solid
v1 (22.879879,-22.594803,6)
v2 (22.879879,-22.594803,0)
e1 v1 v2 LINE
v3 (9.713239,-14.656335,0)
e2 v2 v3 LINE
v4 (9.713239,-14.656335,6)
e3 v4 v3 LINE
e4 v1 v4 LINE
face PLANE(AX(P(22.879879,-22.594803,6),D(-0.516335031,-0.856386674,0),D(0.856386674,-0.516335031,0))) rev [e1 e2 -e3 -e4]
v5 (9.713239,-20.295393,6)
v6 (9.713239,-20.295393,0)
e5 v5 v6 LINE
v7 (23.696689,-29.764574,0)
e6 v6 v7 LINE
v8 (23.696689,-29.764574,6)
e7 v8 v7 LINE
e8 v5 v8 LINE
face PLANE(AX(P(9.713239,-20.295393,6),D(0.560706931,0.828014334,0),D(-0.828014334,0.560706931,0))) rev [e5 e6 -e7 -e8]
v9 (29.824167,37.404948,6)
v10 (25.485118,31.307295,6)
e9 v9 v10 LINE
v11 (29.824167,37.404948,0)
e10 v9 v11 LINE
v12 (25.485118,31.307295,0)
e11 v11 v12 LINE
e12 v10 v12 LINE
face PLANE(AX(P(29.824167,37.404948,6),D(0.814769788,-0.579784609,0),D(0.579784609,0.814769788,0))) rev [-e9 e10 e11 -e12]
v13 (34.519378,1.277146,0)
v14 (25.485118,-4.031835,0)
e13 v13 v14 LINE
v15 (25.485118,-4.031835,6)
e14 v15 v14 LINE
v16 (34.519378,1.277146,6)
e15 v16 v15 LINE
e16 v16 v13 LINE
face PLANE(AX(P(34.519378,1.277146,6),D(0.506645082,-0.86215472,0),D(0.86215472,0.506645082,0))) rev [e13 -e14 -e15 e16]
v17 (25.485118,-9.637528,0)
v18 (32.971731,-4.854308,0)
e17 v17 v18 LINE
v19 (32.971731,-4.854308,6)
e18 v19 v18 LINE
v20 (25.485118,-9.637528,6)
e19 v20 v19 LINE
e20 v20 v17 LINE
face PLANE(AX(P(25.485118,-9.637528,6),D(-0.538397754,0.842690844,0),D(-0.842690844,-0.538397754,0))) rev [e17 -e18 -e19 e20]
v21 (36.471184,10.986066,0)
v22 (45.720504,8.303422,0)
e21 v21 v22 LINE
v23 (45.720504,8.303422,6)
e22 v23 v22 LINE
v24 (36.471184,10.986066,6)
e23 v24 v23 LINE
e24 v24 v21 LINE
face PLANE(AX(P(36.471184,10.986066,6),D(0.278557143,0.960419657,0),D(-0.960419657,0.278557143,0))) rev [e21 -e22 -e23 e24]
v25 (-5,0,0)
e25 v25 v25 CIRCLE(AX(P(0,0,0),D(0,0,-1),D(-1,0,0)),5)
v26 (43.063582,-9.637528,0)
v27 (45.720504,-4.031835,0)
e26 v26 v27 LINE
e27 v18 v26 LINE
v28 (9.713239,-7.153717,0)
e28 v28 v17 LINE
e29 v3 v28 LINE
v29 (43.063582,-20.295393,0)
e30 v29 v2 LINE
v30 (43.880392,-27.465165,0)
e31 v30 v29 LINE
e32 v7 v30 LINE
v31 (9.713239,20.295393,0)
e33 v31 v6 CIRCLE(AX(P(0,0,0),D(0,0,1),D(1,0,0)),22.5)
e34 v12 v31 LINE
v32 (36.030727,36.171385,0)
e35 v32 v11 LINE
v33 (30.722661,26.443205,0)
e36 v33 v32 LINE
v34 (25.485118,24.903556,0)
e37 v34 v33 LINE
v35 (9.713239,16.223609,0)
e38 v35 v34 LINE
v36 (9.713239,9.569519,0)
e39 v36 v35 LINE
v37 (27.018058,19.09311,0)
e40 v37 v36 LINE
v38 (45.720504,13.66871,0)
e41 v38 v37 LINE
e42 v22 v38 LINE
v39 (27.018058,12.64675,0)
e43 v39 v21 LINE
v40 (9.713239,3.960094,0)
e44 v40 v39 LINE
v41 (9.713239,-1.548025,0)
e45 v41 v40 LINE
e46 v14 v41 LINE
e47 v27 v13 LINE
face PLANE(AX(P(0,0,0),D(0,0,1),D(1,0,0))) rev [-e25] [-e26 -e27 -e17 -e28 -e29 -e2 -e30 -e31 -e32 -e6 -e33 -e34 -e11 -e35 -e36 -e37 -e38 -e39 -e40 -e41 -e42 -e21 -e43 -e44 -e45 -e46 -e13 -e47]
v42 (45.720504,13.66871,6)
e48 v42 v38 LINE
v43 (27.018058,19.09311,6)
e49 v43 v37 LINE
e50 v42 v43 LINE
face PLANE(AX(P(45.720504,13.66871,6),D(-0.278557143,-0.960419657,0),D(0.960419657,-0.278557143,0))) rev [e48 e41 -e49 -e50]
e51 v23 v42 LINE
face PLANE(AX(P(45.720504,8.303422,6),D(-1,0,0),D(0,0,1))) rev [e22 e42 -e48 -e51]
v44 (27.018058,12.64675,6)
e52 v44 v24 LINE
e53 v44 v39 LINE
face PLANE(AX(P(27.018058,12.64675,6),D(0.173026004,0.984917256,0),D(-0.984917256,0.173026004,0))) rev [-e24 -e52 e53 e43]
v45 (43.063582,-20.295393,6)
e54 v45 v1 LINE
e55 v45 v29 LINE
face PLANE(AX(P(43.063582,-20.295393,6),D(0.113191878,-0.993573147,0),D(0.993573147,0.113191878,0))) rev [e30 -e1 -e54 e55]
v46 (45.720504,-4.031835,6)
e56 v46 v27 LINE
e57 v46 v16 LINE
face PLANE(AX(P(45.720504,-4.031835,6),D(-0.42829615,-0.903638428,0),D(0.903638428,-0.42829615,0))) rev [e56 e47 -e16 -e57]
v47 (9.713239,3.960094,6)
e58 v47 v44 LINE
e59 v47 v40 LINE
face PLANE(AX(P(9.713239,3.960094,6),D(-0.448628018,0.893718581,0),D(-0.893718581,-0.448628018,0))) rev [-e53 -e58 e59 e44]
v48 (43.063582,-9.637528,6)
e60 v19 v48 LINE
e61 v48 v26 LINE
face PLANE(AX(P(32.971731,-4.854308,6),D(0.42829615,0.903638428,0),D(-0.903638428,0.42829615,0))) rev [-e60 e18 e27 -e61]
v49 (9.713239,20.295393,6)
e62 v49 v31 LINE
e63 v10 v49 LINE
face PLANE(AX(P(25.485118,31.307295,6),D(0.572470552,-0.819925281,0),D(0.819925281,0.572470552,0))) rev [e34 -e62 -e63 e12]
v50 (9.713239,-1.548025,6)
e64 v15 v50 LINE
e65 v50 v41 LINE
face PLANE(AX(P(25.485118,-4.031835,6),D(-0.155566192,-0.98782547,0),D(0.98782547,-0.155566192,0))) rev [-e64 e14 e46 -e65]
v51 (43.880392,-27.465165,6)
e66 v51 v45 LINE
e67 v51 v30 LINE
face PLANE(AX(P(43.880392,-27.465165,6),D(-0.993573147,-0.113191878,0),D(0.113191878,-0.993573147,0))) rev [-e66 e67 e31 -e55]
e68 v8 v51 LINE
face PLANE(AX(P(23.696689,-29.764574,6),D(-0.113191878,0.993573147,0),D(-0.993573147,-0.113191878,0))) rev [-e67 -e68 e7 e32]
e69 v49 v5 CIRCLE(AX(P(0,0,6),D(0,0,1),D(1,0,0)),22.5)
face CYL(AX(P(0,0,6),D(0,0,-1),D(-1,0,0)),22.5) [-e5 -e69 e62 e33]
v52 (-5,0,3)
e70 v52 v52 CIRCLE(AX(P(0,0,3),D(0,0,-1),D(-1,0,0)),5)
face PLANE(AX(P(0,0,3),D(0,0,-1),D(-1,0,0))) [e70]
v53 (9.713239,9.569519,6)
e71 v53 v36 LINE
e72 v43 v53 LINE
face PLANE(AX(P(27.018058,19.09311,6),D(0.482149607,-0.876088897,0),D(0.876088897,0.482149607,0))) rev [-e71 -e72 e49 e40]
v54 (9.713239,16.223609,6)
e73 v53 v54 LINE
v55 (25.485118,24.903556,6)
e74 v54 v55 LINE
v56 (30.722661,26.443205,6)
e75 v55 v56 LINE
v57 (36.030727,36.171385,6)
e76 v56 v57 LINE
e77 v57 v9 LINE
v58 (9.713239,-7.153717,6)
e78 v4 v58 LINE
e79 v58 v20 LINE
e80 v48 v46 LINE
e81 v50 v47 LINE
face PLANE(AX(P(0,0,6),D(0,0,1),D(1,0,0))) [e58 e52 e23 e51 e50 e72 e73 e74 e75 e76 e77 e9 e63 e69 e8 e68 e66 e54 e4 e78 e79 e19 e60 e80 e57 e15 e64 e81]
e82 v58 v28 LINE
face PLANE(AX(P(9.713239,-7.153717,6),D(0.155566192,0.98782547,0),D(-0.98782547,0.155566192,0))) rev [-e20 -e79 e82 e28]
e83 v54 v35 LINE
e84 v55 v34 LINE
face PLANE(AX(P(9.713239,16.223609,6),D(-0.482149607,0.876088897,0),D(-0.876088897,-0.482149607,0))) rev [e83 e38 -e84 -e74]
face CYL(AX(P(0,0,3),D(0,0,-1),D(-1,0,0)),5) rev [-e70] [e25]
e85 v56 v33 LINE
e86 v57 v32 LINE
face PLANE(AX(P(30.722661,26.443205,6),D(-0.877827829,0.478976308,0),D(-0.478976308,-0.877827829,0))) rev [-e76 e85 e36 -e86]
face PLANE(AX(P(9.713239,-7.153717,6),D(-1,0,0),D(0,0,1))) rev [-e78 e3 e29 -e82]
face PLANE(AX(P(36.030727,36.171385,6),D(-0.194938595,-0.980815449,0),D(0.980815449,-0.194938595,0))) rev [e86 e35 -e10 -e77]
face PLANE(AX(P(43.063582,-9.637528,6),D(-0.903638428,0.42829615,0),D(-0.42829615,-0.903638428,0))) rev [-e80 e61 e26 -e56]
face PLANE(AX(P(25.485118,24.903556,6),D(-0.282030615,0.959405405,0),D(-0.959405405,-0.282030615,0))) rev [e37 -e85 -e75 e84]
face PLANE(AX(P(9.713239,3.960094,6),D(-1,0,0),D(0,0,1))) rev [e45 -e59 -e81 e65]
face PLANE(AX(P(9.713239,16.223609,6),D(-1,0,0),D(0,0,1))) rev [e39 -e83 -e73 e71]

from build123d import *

# Parameters (mm, degrees)
BOSS_EXTRUDE1_DEPTH = 6
SKETCH2_R           = 5
CUT_EXTRUDE1_DEPTH  = 3


with BuildPart() as part:
    # Sketch1 → Boss-Extrude1 (new body)
    with BuildSketch(Plane(origin=(0, 0, 0), x_dir=(0, 1, 0), z_dir=(0, 0, 1))):
        with BuildLine():
            Line((16.223609114, -9.713238737), (9.569519391, -9.713238737))
            Line((9.569519391, -9.713238737), (19.093109625, -27.018057697))
            Line((19.093109625, -27.018057697), (13.668710041, -45.720503906))
            Line((13.668710041, -45.720503906), (8.303421987, -45.720503906))
            Line((8.303421987, -45.720503906), (10.986066014, -36.471184268))
            Line((10.986066014, -36.471184268), (12.646750412, -27.018057697))
            Line((12.646750412, -27.018057697), (3.960093563, -9.713238737))
            Line((3.960093563, -9.713238737), (-1.54802471, -9.713238737))
            Line((-1.54802471, -9.713238737), (-4.031835178, -25.485118253))
            Line((-4.031835178, -25.485118253), (1.277145856, -34.519377583))
            Line((1.277145856, -34.519377583), (-4.031835178, -45.720503906))
            Line((-4.031835178, -45.720503906), (-9.637527873, -43.063582152))
            Line((-9.637527873, -43.063582152), (-4.854308239, -32.971730814))
            Line((-4.854308239, -32.971730814), (-9.637527873, -25.485118253))
            Line((-9.637527873, -25.485118253), (-7.153717404, -9.713238737))
            Line((-7.153717404, -9.713238737), (-14.656334984, -9.713238737))
            Line((-14.656334984, -9.713238737), (-22.594802565, -22.879879476))
            Line((-22.594802565, -22.879879476), (-20.295393399, -43.063582152))
            Line((-20.295393399, -43.063582152), (-27.465165035, -43.880391579))
            Line((-27.465165035, -43.880391579), (-29.764574201, -23.696688902))
            Line((-29.764574201, -23.696688902), (-20.295393399, -9.713238737))
            ThreePointArc((-20.295393399, -9.713238737), (0, 22.5), (20.295393399, -9.713238737))
            Line((20.295393399, -9.713238737), (31.307295072, -25.485118253))
            Line((31.307295072, -25.485118253), (37.404948205, -29.824166519))
            Line((37.404948205, -29.824166519), (36.171384738, -36.030726629))
            Line((36.171384738, -36.030726629), (26.443205406, -30.722661353))
            Line((26.443205406, -30.722661353), (24.903556479, -25.485118253))
            Line((24.903556479, -25.485118253), (16.223609114, -9.713238737))
        make_face()
    extrude(amount=BOSS_EXTRUDE1_DEPTH)

    # Sketch2 → Cut-Extrude1 (cut)
    with BuildSketch(Plane(origin=(0, 0, 0), x_dir=(1, 0, 0), z_dir=(0, 0, -1))):
        with Locations(Location((0, 0, 0), (0, 0, 180))):
            Circle(SKETCH2_R)
    extrude(amount=-CUT_EXTRUDE1_DEPTH, mode=Mode.SUBTRACT)


solid = part.part
